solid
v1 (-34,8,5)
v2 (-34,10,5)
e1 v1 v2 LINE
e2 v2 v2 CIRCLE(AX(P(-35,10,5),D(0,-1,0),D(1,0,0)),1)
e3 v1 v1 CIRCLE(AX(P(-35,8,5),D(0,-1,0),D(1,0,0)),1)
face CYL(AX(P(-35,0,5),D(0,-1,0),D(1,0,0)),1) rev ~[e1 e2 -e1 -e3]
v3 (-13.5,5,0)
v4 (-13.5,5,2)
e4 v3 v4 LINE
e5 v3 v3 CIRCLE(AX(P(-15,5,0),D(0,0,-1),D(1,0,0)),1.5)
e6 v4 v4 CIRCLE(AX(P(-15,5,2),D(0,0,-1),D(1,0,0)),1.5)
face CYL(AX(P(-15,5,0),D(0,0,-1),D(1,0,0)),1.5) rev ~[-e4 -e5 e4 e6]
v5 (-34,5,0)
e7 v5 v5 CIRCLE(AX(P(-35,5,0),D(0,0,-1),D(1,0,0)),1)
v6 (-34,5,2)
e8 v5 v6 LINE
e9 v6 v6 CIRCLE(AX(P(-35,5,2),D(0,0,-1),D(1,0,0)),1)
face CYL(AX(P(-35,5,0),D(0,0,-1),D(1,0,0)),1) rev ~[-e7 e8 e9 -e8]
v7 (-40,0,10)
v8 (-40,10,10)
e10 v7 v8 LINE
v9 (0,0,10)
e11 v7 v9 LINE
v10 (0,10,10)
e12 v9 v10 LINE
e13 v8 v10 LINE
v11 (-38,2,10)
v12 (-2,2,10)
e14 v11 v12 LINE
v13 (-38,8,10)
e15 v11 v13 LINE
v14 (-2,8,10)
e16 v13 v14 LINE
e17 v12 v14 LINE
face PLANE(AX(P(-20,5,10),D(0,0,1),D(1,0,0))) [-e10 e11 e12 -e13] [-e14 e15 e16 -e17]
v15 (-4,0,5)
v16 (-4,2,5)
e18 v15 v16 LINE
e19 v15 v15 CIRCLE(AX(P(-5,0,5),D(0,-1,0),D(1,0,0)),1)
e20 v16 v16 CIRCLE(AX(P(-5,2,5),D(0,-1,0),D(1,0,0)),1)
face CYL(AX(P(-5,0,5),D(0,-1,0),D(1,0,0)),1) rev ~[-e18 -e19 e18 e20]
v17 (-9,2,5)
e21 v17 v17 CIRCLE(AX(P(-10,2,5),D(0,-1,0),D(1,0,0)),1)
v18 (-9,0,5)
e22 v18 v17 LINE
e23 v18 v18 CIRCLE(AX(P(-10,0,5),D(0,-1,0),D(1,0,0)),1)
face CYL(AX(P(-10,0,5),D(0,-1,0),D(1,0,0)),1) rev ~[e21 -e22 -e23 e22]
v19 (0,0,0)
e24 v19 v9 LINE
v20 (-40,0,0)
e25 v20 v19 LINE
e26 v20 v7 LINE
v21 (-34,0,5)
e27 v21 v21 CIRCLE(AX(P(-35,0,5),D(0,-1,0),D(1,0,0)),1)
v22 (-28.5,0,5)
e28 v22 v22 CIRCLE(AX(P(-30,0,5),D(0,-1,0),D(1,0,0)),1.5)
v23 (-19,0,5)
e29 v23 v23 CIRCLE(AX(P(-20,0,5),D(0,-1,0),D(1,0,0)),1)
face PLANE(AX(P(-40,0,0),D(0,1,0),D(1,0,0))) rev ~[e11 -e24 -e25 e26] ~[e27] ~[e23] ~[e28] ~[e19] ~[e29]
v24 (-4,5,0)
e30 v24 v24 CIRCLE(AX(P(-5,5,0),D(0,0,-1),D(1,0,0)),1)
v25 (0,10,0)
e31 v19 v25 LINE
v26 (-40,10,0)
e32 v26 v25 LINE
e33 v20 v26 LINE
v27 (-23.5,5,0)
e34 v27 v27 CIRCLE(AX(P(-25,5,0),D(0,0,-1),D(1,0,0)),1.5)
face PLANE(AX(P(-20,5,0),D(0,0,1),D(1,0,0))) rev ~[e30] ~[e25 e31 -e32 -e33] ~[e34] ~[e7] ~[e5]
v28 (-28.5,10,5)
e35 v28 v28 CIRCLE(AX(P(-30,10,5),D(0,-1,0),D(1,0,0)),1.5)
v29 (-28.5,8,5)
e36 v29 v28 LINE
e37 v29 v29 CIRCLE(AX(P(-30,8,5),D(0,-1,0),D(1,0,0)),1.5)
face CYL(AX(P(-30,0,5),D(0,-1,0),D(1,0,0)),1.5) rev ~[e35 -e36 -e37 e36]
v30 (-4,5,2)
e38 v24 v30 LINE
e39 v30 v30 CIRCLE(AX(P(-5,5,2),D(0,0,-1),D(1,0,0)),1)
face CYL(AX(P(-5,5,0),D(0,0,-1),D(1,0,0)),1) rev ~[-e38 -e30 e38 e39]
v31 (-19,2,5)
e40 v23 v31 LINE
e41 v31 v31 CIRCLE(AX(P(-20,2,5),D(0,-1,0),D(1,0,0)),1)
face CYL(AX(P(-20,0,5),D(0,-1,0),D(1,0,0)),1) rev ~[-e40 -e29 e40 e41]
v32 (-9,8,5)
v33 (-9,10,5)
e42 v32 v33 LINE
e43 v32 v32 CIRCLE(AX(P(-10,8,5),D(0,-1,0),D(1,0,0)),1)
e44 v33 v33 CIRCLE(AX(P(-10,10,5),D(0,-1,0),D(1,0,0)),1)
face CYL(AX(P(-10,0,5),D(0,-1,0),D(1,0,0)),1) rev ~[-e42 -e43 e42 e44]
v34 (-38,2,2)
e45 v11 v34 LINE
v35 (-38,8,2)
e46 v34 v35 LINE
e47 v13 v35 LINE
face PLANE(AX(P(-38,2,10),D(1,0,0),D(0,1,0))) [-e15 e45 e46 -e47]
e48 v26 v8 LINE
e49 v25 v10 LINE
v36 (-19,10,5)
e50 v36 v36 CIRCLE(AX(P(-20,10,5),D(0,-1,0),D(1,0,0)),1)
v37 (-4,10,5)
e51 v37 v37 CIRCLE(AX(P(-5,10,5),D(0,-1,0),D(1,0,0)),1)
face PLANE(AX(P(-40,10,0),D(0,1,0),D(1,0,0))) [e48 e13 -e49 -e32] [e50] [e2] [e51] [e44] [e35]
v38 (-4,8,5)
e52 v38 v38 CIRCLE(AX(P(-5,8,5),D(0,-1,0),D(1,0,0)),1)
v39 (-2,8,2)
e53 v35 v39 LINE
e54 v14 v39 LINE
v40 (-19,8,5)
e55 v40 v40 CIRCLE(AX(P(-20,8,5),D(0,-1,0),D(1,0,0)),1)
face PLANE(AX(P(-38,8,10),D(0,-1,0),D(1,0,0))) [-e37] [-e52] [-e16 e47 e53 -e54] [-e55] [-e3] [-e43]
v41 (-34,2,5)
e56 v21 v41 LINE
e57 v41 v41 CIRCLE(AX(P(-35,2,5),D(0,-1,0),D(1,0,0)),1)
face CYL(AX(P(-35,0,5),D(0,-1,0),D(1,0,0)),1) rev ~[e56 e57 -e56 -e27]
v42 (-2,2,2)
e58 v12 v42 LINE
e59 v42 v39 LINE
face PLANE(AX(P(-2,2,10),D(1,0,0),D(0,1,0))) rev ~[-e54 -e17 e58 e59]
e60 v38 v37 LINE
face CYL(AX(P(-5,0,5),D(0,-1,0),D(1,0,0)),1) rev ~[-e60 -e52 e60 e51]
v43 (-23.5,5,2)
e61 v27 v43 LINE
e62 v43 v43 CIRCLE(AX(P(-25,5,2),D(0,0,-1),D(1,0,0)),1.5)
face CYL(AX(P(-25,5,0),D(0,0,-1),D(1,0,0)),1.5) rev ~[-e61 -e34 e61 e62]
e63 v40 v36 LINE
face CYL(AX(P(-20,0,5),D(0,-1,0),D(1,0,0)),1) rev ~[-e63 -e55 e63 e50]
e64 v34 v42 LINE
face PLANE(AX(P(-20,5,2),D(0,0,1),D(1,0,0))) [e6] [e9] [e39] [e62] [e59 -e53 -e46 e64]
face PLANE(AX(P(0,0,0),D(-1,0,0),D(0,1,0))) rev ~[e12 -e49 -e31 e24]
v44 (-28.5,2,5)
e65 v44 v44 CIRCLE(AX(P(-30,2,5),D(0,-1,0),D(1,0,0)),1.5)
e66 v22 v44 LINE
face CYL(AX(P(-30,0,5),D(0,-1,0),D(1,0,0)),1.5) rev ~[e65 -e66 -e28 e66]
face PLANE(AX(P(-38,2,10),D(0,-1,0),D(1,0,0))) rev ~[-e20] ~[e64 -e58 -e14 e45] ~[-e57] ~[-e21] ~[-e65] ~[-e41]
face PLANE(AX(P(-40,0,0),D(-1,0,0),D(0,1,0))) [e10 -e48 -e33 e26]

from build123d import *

# Parameters (mm, degrees)
F0_W     = 40
F0_H     = 10
F1_DEPTH = 10
F2_R     = 1
F2_R_2   = 1.5
F3_DEPTH = 10.001
F4_R     = 1
F4_R_2   = 1.5
F5_DEPTH = 10.001
F6_W     = 36
F6_H     = 6
F7_DEPTH = 8


with BuildPart() as f1:
    # F0 (on Top) → F1 (new body)
    with BuildSketch(Plane.XY):
        with Locations((-20, 5)):
            Rectangle(F0_W, F0_H)
    extrude(amount=F1_DEPTH)

    # F2 (on face) → F3 (cut, through all)
    with BuildSketch(Plane(origin=(0, 0, 0), x_dir=(1, 0, 0), z_dir=(0, 0, -1))):
        with Locations((-35, -5)):
            Circle(F2_R)
        with Locations((-5, -5)):
            Circle(F2_R)
        with Locations((-25, -5)):
            Circle(F2_R_2)
        with Locations((-15, -5)):
            Circle(F2_R_2)
    extrude(amount=-F3_DEPTH, mode=Mode.SUBTRACT)

    # F4 (on face) → F5 (cut, through all)
    with BuildSketch(Plane.XZ):
        with Locations((-35, 5)):
            Circle(F4_R)
        with Locations((-30, 5)):
            Circle(F4_R_2)
        with Locations((-5, 5)):
            Circle(F4_R)
        with Locations((-10, 5)):
            Circle(F4_R)
        with Locations((-20, 5)):
            Circle(F4_R)
    extrude(amount=-F5_DEPTH, mode=Mode.SUBTRACT)

    # F6 (on face) → F7 (cut, through all)
    with BuildSketch(Plane.XY.offset(10)):
        with Locations((-20, 5)):
            Rectangle(F6_W, F6_H)
    extrude(amount=-F7_DEPTH, mode=Mode.SUBTRACT)


solid = f1.part
